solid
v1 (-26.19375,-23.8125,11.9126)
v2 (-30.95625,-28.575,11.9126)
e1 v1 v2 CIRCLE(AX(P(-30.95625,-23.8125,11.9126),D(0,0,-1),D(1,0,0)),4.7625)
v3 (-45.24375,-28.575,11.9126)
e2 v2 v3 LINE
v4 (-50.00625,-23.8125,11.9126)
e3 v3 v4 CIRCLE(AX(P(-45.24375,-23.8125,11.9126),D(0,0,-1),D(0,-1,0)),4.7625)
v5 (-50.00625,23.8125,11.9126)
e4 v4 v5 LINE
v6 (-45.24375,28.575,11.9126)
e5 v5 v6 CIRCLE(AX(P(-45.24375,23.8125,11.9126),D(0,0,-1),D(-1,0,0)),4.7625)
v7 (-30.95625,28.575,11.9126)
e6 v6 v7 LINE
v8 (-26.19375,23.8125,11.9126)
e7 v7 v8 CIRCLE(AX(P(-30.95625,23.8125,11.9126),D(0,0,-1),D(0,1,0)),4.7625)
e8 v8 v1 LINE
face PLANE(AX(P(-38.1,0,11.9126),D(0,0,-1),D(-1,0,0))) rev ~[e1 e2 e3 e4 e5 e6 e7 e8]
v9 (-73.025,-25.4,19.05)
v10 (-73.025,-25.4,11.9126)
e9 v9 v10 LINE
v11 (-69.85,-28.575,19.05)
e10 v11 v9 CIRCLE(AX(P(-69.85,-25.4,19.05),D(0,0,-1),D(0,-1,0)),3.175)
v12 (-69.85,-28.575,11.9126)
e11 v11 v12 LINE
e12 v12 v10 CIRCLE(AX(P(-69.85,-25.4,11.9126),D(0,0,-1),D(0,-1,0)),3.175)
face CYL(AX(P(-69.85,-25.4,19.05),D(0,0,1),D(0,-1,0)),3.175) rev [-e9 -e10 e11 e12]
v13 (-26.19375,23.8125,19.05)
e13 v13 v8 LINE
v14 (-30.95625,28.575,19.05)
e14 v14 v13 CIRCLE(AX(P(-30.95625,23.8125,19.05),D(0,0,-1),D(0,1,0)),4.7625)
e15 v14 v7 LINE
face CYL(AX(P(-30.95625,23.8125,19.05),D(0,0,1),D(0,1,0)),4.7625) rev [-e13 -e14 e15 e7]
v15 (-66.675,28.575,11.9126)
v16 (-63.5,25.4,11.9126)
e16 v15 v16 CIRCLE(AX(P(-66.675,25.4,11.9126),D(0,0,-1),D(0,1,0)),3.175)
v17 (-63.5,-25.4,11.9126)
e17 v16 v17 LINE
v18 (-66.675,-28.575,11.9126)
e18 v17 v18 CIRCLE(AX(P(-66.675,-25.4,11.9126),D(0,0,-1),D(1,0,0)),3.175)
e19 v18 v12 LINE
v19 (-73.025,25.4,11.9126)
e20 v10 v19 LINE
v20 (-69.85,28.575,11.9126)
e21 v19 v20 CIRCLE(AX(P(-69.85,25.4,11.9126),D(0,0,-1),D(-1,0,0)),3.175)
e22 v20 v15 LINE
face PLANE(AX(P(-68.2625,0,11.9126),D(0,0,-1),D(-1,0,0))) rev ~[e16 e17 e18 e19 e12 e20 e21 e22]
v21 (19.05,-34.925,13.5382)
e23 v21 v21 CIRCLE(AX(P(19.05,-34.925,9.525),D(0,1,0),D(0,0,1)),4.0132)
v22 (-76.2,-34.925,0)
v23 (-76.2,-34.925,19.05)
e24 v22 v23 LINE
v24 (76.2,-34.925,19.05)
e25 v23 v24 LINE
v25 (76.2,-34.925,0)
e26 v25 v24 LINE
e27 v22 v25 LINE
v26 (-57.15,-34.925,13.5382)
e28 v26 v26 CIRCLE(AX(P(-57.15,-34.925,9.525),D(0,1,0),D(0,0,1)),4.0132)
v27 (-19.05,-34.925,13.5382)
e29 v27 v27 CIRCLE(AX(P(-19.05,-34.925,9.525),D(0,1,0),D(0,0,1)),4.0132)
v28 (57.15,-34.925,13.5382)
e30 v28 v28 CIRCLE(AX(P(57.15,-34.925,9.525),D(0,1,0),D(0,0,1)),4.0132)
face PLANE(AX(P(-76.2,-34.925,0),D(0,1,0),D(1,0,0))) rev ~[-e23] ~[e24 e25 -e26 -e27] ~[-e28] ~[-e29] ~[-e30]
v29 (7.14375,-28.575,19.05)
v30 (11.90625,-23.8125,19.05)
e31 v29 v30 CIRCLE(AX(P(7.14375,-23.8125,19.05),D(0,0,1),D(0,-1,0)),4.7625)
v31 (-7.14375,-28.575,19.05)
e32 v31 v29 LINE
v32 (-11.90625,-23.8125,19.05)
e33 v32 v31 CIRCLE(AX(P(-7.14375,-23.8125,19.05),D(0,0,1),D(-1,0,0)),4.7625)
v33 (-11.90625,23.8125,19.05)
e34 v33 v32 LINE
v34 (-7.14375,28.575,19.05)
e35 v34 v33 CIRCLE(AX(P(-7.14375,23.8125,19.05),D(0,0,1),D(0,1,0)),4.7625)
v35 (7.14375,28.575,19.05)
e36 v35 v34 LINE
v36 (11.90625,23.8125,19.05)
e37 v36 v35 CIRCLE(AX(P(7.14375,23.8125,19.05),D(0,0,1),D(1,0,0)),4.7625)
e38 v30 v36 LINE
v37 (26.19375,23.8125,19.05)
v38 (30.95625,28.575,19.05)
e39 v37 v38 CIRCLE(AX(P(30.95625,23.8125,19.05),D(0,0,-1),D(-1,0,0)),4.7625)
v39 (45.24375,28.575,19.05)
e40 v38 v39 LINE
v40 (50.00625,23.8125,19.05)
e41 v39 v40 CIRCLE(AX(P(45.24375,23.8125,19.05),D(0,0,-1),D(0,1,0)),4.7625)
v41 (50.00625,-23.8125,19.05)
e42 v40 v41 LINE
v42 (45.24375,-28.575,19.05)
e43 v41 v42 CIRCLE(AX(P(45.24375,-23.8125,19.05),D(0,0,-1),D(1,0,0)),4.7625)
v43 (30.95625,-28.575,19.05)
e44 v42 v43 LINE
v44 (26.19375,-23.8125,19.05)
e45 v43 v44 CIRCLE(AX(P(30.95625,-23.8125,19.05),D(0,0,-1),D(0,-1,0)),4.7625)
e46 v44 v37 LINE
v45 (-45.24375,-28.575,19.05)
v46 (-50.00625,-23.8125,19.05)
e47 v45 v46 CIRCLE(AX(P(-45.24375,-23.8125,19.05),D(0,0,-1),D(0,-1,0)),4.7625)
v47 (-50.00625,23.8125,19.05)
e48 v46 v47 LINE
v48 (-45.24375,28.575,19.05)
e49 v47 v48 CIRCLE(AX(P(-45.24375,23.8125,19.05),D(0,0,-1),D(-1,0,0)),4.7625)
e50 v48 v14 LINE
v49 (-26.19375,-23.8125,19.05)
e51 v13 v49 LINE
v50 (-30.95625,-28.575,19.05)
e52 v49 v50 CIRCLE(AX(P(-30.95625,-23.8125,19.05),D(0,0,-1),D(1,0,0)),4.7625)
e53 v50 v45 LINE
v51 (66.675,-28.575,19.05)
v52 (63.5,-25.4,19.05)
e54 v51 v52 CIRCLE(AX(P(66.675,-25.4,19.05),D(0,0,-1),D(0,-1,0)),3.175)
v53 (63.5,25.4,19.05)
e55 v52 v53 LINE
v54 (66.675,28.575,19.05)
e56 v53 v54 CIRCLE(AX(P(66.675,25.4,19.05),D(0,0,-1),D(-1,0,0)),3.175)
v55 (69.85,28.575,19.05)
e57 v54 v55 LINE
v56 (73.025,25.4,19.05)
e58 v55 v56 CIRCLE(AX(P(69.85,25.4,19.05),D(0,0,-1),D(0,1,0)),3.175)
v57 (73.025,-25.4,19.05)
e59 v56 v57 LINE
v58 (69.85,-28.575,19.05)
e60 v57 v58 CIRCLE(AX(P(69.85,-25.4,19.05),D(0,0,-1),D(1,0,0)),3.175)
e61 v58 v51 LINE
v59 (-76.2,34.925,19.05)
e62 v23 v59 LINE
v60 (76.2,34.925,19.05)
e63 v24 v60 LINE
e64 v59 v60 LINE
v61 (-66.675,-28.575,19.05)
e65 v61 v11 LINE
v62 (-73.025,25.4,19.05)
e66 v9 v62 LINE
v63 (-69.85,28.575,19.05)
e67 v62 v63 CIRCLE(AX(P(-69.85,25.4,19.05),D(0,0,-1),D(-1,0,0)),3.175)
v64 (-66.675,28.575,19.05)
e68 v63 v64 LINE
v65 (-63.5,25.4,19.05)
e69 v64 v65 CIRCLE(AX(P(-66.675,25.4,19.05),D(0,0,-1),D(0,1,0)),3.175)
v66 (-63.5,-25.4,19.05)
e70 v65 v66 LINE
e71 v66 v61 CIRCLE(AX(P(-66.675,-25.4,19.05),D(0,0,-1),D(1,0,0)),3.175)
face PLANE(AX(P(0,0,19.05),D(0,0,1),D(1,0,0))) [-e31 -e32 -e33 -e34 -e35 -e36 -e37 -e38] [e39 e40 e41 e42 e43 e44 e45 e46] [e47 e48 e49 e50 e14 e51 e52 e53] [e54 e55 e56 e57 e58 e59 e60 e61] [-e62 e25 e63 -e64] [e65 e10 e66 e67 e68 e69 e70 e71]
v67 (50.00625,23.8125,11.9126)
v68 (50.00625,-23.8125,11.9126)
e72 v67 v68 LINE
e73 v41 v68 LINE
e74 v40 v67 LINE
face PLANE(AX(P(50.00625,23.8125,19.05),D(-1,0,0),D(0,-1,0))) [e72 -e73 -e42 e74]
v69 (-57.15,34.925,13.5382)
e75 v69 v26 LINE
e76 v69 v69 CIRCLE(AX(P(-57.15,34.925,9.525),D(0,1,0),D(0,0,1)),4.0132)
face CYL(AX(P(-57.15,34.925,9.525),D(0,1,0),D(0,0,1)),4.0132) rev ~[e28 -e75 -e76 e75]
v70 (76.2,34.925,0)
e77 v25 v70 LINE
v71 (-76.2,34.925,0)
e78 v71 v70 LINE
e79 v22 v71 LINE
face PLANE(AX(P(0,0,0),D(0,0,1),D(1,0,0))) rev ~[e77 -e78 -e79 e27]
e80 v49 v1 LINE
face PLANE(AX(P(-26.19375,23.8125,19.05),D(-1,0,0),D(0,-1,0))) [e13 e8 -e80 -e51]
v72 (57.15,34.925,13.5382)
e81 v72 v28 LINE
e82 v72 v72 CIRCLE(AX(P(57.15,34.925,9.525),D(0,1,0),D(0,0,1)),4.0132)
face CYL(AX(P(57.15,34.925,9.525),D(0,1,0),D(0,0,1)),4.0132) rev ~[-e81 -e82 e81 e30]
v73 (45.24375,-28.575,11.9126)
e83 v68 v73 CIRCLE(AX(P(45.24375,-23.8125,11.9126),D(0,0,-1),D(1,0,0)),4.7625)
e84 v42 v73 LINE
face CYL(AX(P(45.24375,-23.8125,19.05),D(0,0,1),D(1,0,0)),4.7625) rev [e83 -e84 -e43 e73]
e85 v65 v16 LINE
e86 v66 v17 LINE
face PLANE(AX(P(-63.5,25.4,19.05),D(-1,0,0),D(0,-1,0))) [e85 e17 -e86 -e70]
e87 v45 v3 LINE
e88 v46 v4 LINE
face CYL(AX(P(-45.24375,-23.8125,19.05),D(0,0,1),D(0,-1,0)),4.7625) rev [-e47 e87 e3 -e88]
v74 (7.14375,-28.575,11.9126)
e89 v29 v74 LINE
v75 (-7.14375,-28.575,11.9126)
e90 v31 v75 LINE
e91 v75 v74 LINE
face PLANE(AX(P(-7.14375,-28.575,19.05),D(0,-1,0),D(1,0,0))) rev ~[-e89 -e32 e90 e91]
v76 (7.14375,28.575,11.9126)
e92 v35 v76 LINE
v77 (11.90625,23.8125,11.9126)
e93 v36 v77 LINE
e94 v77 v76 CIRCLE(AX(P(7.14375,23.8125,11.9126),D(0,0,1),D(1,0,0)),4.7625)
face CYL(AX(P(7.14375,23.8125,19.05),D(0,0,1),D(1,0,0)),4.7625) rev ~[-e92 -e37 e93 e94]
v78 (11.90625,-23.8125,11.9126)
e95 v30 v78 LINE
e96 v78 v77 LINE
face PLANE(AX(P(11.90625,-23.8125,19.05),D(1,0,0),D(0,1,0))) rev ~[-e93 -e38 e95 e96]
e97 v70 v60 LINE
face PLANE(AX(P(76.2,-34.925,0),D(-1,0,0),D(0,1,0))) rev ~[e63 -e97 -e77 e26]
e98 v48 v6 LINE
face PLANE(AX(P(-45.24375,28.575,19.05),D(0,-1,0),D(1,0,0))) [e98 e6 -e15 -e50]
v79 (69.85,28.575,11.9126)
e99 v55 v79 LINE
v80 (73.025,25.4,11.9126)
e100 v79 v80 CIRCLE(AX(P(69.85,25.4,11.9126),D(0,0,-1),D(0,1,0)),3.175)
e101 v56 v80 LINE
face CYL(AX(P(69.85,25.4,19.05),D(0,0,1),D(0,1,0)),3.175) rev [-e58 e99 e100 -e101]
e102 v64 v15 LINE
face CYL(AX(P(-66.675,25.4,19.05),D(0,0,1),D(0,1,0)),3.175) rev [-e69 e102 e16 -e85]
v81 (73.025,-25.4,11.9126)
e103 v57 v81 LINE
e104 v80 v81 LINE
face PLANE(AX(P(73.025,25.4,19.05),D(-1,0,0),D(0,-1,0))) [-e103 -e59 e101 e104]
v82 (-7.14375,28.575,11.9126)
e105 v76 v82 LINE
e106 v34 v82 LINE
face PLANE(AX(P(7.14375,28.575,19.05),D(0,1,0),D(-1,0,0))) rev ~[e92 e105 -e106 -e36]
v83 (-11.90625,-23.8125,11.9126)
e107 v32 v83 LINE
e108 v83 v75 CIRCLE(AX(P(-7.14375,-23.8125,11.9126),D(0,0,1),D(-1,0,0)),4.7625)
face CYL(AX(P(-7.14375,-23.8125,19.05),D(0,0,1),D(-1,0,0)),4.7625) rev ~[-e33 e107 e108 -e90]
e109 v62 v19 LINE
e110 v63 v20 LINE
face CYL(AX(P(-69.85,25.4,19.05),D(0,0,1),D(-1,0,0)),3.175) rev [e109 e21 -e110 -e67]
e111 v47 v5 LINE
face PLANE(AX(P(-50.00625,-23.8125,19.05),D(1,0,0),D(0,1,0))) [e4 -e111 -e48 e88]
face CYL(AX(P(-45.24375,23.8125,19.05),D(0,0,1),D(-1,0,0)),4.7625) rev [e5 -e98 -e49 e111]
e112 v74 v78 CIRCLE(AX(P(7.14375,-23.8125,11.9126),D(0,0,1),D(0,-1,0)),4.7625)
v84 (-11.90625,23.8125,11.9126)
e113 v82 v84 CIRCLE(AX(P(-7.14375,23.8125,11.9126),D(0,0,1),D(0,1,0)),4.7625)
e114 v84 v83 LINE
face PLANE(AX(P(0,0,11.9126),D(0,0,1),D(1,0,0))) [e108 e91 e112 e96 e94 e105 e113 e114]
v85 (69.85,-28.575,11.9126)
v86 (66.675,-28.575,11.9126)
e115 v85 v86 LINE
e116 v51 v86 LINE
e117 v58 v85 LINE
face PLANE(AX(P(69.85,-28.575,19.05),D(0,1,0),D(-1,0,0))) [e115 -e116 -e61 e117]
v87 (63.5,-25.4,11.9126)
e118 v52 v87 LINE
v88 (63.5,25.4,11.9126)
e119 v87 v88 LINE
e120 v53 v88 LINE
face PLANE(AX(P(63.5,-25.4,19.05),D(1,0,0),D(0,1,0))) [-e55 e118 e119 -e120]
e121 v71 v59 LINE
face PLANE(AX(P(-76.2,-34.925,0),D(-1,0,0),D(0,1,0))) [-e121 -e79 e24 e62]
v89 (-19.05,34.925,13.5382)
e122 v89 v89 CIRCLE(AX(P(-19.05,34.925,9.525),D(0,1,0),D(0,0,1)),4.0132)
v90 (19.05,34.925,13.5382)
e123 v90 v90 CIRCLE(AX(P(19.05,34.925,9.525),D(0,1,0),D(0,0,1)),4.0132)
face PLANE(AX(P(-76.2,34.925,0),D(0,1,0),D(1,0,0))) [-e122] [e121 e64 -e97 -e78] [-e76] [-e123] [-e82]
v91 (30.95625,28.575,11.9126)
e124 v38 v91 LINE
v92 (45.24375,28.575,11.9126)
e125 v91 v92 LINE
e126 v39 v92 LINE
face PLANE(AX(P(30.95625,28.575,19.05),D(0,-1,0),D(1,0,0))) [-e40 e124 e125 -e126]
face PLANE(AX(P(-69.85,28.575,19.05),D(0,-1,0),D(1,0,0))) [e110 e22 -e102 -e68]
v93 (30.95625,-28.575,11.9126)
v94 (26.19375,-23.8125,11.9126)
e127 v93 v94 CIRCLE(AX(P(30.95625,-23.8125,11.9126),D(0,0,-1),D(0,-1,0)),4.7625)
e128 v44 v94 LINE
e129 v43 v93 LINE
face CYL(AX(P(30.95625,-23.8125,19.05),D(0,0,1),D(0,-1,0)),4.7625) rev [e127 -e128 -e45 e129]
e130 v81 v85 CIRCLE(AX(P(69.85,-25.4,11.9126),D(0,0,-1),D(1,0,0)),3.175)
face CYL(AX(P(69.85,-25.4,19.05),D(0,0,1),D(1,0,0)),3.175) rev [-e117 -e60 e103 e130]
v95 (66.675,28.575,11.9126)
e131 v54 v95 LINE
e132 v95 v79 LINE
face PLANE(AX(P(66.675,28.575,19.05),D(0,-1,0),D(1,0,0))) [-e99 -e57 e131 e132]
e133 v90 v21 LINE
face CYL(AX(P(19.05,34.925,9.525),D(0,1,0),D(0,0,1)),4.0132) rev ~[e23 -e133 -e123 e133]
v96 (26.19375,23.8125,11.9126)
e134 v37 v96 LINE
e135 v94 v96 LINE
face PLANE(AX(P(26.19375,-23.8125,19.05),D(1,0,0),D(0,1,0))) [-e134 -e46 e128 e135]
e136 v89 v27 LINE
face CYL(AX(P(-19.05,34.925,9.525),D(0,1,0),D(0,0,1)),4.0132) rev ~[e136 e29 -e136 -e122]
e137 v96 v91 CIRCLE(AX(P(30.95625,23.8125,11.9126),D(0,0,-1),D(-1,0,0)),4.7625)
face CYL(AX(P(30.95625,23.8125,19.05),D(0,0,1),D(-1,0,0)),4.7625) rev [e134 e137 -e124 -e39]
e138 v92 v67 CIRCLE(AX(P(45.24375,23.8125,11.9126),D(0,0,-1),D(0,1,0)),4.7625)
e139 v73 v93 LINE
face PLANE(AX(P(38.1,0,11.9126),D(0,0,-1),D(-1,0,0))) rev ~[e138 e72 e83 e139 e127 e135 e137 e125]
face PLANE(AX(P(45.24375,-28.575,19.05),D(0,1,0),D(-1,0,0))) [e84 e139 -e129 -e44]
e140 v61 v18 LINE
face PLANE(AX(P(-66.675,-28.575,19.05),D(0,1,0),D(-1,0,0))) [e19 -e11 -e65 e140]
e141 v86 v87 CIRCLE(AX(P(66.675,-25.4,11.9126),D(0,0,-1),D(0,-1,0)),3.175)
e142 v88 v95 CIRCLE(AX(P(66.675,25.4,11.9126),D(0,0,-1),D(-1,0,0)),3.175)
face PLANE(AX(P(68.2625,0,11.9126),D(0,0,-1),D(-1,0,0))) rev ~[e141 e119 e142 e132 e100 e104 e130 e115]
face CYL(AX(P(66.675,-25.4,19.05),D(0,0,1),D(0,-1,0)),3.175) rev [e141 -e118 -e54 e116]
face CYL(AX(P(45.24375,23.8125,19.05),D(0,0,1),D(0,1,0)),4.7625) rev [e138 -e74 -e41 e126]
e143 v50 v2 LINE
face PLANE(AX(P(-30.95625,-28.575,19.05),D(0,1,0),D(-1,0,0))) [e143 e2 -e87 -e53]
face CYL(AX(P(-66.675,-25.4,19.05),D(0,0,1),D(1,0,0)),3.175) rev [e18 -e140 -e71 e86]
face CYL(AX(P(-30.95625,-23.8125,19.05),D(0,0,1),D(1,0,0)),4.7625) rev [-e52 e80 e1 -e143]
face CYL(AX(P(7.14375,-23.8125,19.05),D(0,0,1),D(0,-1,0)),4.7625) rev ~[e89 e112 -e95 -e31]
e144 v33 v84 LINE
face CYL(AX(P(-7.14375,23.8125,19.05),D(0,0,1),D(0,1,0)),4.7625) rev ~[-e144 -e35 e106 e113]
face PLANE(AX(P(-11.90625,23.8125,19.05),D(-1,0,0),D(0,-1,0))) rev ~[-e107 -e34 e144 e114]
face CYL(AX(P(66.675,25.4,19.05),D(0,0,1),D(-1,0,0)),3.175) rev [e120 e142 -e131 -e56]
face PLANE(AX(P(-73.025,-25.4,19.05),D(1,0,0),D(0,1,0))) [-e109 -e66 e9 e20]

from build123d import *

# Parameters (mm, degrees)
SKETCH1_W           = 152.4
SKETCH1_H           = 69.85
BOSS_EXTRUDE1_DEPTH = 19.05
CUT_EXTRUDE1_DEPTH  = 7.1374
CUT_EXTRUDE2_REACH  = 71.85
SKETCH3_R           = 4.0132


with BuildPart() as part:
    # Sketch1 → Boss-Extrude1 (new body)
    with BuildSketch(Plane.XY):
        Rectangle(SKETCH1_W, SKETCH1_H)
    extrude(amount=BOSS_EXTRUDE1_DEPTH)

    # Sketch2 → Cut-Extrude1 (cut)
    with BuildSketch(Plane.XY.offset(19.05)):
        with BuildLine():
            Line((-45.24375, 28.575), (-30.95625, 28.575))
            ThreePointArc((-30.95625, 28.575), (-27.588653955, 27.180096045), (-26.19375, 23.8125))
            Line((-26.19375, 23.8125), (-26.19375, -23.8125))
            ThreePointArc((-26.19375, -23.8125), (-27.588653955, -27.180096045), (-30.95625, -28.575))
            Line((-30.95625, -28.575), (-45.24375, -28.575))
            ThreePointArc((-45.24375, -28.575), (-48.611346045, -27.180096045), (-50.00625, -23.8125))
            Line((-50.00625, -23.8125), (-50.00625, 23.8125))
            ThreePointArc((-50.00625, 23.8125), (-48.611346045, 27.180096045), (-45.24375, 28.575))
        make_face()
        with BuildLine():
            Line((7.14375, 28.575), (-7.14375, 28.575))
            ThreePointArc((-7.14375, 28.575), (-10.511346045, 27.180096045), (-11.90625, 23.8125))
            Line((-11.90625, 23.8125), (-11.90625, -23.8125))
            ThreePointArc((-11.90625, -23.8125), (-10.511346045, -27.180096045), (-7.14375, -28.575))
            Line((-7.14375, -28.575), (7.14375, -28.575))
            ThreePointArc((7.14375, -28.575), (10.511346045, -27.180096045), (11.90625, -23.8125))
            Line((11.90625, -23.8125), (11.90625, 23.8125))
            ThreePointArc((11.90625, 23.8125), (10.511346045, 27.180096045), (7.14375, 28.575))
        make_face()
        with BuildLine():
            Line((30.95625, 28.575), (45.24375, 28.575))
            ThreePointArc((45.24375, 28.575), (48.611346045, 27.180096045), (50.00625, 23.8125))
            Line((50.00625, 23.8125), (50.00625, -23.8125))
            ThreePointArc((50.00625, -23.8125), (48.611346045, -27.180096045), (45.24375, -28.575))
            Line((45.24375, -28.575), (30.95625, -28.575))
            ThreePointArc((30.95625, -28.575), (27.588653955, -27.180096045), (26.19375, -23.8125))
            Line((26.19375, -23.8125), (26.19375, 23.8125))
            ThreePointArc((26.19375, 23.8125), (27.588653955, 27.180096045), (30.95625, 28.575))
        make_face()
        with BuildLine():
            Line((-69.85, 28.575), (-66.675, 28.575))
            ThreePointArc((-66.675, 28.575), (-64.42993597, 27.64506403), (-63.5, 25.4))
            Line((-63.5, 25.4), (-63.5, -25.4))
            ThreePointArc((-63.5, -25.4), (-64.42993597, -27.64506403), (-66.675, -28.575))
            Line((-66.675, -28.575), (-69.85, -28.575))
            ThreePointArc((-69.85, -28.575), (-72.09506403, -27.64506403), (-73.025, -25.4))
            Line((-73.025, -25.4), (-73.025, 25.4))
            ThreePointArc((-73.025, 25.4), (-72.09506403, 27.64506403), (-69.85, 28.575))
        make_face()
        with BuildLine():
            Line((66.675, 28.575), (69.85, 28.575))
            ThreePointArc((69.85, 28.575), (72.09506403, 27.64506403), (73.025, 25.4))
            Line((73.025, 25.4), (73.025, -25.4))
            ThreePointArc((73.025, -25.4), (72.09506403, -27.64506403), (69.85, -28.575))
            Line((69.85, -28.575), (66.675, -28.575))
            ThreePointArc((66.675, -28.575), (64.42993597, -27.64506403), (63.5, -25.4))
            Line((63.5, -25.4), (63.5, 25.4))
            ThreePointArc((63.5, 25.4), (64.42993597, 27.64506403), (66.675, 28.575))
        make_face()
    extrude(amount=-CUT_EXTRUDE1_DEPTH, mode=Mode.SUBTRACT)

    # Sketch3 → Cut-Extrude2 (cut, up to next)
    with BuildSketch(Plane(origin=(0, 34.925, 0), x_dir=(1, 0, 0), z_dir=(0, 1, 0)), mode=Mode.PRIVATE) as cut_extrude2_sk1:
        with Locations(Location((-57.15, -9.525, 0), (0, 0, 270))):  # turned: the seam where the file's is
            Circle(SKETCH3_R)
    cut_extrude2_tool1 = extrude(cut_extrude2_sk1.sketch, amount=-CUT_EXTRUDE2_REACH, mode=Mode.PRIVATE) & part.part
    add(cut_extrude2_tool1.solids().sort_by_distance((-57.15, 34.925, 9.525))[0], mode=Mode.SUBTRACT)
    # Sketch3 → Cut-Extrude2 (cut, up to next)
    with BuildSketch(Plane(origin=(0, 34.925, 0), x_dir=(1, 0, 0), z_dir=(0, 1, 0)), mode=Mode.PRIVATE) as cut_extrude2_sk2:
        with Locations(Location((-19.05, -9.525, 0), (0, 0, 270))):  # turned: the seam where the file's is
            Circle(SKETCH3_R)
    cut_extrude2_tool2 = extrude(cut_extrude2_sk2.sketch, amount=-CUT_EXTRUDE2_REACH, mode=Mode.PRIVATE) & part.part
    add(cut_extrude2_tool2.solids().sort_by_distance((-19.05, 34.925, 9.525))[0], mode=Mode.SUBTRACT)
    # Sketch3 → Cut-Extrude2 (cut, up to next)
    with BuildSketch(Plane(origin=(0, 34.925, 0), x_dir=(1, 0, 0), z_dir=(0, 1, 0)), mode=Mode.PRIVATE) as cut_extrude2_sk3:
        with Locations(Location((19.05, -9.525, 0), (0, 0, 270))):  # turned: the seam where the file's is
            Circle(SKETCH3_R)
    cut_extrude2_tool3 = extrude(cut_extrude2_sk3.sketch, amount=-CUT_EXTRUDE2_REACH, mode=Mode.PRIVATE) & part.part
    add(cut_extrude2_tool3.solids().sort_by_distance((19.05, 34.925, 9.525))[0], mode=Mode.SUBTRACT)
    # Sketch3 → Cut-Extrude2 (cut, up to next)
    with BuildSketch(Plane(origin=(0, 34.925, 0), x_dir=(1, 0, 0), z_dir=(0, 1, 0)), mode=Mode.PRIVATE) as cut_extrude2_sk4:
        with Locations(Location((57.15, -9.525, 0), (0, 0, 270))):  # turned: the seam where the file's is
            Circle(SKETCH3_R)
    cut_extrude2_tool4 = extrude(cut_extrude2_sk4.sketch, amount=-CUT_EXTRUDE2_REACH, mode=Mode.PRIVATE) & part.part
    add(cut_extrude2_tool4.solids().sort_by_distance((57.15, 34.925, 9.525))[0], mode=Mode.SUBTRACT)


solid = part.part
